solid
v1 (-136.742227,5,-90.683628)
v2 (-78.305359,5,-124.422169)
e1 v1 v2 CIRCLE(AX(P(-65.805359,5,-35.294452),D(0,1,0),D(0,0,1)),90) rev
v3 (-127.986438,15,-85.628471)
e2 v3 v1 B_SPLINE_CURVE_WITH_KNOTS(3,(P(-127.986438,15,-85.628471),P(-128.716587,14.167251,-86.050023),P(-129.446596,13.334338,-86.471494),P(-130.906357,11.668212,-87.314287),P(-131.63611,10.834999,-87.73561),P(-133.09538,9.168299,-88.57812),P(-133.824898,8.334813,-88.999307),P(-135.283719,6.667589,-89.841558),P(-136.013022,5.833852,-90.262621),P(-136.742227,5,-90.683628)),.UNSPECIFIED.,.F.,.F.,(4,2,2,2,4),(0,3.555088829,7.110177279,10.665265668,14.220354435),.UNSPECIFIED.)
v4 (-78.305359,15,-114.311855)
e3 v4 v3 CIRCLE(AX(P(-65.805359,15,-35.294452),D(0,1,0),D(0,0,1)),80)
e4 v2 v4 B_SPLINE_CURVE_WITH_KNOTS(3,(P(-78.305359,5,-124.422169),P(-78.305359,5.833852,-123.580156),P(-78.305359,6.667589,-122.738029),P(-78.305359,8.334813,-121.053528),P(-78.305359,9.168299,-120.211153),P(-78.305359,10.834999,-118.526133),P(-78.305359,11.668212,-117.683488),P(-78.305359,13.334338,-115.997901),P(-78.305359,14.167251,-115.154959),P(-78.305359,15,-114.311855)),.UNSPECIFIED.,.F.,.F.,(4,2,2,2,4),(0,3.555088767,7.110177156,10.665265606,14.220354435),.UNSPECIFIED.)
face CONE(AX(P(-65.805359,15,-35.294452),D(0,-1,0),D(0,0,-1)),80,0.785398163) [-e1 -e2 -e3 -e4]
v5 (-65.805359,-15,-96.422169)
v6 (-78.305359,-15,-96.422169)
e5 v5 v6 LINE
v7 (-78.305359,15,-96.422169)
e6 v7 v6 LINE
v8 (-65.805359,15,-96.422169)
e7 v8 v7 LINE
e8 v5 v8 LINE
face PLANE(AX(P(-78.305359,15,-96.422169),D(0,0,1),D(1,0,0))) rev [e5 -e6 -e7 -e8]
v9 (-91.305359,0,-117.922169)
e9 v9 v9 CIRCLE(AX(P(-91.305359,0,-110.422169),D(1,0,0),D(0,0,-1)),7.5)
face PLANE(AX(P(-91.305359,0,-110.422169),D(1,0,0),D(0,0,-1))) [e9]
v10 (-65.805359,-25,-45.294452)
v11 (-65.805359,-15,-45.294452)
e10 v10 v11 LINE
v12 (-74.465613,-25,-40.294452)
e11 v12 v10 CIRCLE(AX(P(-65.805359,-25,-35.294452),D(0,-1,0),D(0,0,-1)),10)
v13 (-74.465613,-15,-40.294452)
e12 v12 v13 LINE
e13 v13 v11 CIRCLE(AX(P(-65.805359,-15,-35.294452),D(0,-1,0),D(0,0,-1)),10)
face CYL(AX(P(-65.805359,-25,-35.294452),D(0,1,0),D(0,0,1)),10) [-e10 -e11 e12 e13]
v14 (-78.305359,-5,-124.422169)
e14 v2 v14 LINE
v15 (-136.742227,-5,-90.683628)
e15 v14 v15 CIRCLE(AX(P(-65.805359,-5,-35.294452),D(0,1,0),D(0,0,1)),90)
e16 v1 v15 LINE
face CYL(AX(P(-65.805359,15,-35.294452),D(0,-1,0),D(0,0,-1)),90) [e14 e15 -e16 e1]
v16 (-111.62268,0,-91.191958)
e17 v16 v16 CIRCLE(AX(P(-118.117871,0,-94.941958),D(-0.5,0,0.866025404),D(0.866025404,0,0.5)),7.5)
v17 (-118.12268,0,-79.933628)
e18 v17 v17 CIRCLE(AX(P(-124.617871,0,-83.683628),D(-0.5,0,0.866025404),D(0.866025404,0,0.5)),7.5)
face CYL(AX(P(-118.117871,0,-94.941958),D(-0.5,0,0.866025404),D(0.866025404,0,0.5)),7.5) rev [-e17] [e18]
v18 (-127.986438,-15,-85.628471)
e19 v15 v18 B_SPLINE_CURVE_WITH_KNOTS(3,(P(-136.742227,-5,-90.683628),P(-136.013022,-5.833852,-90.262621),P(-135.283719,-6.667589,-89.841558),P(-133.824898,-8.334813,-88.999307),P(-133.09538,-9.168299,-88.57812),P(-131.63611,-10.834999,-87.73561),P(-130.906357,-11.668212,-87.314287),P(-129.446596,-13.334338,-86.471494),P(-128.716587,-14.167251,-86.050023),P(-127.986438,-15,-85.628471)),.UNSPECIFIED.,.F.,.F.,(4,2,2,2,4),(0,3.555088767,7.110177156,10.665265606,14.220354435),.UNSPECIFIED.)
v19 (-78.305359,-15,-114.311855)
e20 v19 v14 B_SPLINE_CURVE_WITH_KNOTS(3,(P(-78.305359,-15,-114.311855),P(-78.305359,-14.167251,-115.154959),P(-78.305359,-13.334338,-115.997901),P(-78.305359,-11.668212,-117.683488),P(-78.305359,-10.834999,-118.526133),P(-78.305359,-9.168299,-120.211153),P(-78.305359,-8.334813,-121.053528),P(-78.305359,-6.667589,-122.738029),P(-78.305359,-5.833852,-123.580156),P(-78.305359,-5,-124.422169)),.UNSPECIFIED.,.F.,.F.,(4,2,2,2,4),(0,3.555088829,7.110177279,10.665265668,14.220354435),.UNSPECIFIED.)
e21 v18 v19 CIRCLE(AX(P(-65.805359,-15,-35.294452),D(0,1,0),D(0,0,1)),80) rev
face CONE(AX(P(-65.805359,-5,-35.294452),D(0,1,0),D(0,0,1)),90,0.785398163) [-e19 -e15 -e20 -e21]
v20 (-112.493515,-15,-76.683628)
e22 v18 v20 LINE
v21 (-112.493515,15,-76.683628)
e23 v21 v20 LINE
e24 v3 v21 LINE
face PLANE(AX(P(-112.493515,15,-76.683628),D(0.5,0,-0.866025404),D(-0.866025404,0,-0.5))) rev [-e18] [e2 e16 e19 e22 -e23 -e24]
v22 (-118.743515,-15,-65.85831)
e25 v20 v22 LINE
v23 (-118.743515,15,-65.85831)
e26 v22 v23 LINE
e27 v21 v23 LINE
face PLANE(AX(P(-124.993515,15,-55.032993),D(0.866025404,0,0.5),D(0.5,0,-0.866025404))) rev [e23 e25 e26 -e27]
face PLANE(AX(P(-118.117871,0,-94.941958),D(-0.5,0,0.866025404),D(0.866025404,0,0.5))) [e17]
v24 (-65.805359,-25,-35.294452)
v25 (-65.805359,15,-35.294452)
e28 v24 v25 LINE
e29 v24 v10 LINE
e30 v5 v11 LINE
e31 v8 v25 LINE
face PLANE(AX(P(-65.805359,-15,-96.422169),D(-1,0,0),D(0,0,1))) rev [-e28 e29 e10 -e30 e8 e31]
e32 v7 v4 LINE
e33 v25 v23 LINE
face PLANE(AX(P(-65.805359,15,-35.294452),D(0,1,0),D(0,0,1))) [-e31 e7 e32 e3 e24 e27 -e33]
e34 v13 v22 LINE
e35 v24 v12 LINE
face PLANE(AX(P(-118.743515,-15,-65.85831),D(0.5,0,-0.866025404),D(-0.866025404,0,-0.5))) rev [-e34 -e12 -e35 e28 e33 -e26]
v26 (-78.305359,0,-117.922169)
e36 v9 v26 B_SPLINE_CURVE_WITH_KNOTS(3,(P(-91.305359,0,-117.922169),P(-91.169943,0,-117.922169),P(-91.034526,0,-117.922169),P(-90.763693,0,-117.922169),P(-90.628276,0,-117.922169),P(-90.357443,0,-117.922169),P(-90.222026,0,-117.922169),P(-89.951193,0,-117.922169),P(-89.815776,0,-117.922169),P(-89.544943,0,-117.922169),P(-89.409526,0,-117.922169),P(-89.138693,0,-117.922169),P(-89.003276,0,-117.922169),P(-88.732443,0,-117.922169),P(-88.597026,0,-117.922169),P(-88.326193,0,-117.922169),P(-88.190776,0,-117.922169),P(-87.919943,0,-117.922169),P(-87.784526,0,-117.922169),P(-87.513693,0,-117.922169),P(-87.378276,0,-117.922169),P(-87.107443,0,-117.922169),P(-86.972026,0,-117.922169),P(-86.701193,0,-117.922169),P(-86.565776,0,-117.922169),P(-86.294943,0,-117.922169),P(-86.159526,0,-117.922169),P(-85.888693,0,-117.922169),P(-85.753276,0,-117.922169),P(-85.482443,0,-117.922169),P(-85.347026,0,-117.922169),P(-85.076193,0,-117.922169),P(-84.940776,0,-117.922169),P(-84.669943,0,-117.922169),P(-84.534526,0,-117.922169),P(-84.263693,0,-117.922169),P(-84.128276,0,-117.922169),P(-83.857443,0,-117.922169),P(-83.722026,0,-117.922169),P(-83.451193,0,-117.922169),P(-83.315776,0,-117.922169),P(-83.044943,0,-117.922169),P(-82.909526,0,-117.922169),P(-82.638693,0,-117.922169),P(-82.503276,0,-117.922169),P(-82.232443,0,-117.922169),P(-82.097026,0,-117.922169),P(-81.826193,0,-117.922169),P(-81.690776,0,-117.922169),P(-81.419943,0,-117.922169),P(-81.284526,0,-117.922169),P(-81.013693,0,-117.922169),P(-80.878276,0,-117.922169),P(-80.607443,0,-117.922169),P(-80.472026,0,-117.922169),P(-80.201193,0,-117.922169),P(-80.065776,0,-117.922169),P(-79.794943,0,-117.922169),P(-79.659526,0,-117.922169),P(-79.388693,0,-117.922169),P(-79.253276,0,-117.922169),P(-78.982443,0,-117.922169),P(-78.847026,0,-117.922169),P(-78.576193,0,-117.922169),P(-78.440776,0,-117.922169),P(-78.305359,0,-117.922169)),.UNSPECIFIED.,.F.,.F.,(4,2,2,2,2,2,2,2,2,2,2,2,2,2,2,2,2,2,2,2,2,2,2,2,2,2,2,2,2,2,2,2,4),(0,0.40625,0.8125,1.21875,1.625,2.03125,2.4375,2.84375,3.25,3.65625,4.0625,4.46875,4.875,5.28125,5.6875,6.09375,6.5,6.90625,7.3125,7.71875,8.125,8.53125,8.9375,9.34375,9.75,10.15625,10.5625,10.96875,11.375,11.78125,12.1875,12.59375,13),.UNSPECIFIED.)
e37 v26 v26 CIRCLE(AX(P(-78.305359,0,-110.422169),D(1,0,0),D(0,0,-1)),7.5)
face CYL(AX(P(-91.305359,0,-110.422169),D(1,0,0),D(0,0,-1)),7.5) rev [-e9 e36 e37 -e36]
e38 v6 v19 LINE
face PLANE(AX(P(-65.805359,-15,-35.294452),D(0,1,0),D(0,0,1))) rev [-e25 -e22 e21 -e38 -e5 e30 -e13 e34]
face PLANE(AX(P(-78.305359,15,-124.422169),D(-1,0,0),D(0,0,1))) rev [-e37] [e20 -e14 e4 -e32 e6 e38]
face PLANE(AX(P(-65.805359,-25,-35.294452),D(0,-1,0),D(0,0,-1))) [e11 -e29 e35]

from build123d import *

# Parameters (mm, degrees)
SALIENTE_EXTRUIR1_DEPTH = 15
CORTAR_EXTRUIR2_DEPTH   = 30
CROQUIS4_R              = 7.5
CORTAR_EXTRUIR3_DEPTH   = 13
CROQUIS5_R              = 7.5
CORTAR_EXTRUIR4_DEPTH   = 13
SALIENTE_EXTRUIR2_DEPTH = 10
CHAFL_N1_SIZE           = 10
CHAFL_N2_SIZE           = 10


with BuildPart() as part:
    # Croquis1 → Saliente-Extruir1 (new, symmetric)
    with BuildSketch(Plane(origin=(0, 0, 0), x_dir=(1, 0, 0), z_dir=(0, 1, 0))):
        with BuildLine():
            Line((-136.742226614, -20.094724465), (-112.493515308, -6.094724465))
            Line((-112.493515308, -6.094724465), (-118.743515308, 4.730593082))
            Line((-118.743515308, 4.730593082), (-124.993515308, 15.55591063))
            Line((-124.993515308, 15.55591063), (-149.242226614, 1.55591063))
            ThreePointArc((-149.242226614, 1.55591063), (-155.805359207, 35.294451757), (-149.242226614, 69.032992885))
            Line((-149.242226614, 69.032992885), (-124.993515308, 55.032992885))
            Line((-124.993515308, 55.032992885), (-118.743515308, 65.858310432))
            Line((-118.743515308, 65.858310432), (-112.493515308, 76.68362798))
            Line((-112.493515308, 76.68362798), (-136.742226614, 90.68362798))
            ThreePointArc((-136.742226614, 90.68362798), (-110.805359207, 113.236738098), (-78.305359207, 124.422169107))
            Line((-78.305359207, 124.422169107), (-78.305359207, 96.422169107))
            Line((-78.305359207, 96.422169107), (-65.805359207, 96.422169107))
            Line((-65.805359207, 96.422169107), (-53.305359207, 96.422169107))
            Line((-53.305359207, 96.422169107), (-53.305359207, 124.422169107))
            ThreePointArc((-53.305359207, 124.422169107), (-20.805359207, 113.236738098), (5.131508199, 90.68362798))
            Line((5.131508199, 90.68362798), (-19.117203107, 76.68362798))
            Line((-19.117203107, 76.68362798), (-6.617203107, 55.032992885))
            Line((-6.617203107, 55.032992885), (17.631508199, 69.032992885))
            ThreePointArc((17.631508199, 69.032992885), (24.194640793, 35.294451757), (17.631508199, 1.55591063))
            Line((17.631508199, 1.55591063), (-6.617203107, 15.55591063))
            Line((-6.617203107, 15.55591063), (-12.867203107, 4.730593082))
            Line((-12.867203107, 4.730593082), (-19.117203107, -6.094724465))
            Line((-19.117203107, -6.094724465), (5.131508199, -20.094724465))
            ThreePointArc((5.131508199, -20.094724465), (-20.805359207, -42.647834583), (-53.305359207, -53.833265593))
            Line((-53.305359207, -53.833265593), (-53.305359207, -25.833265593))
            Line((-53.305359207, -25.833265593), (-65.805359207, -25.833265593))
            Line((-65.805359207, -25.833265593), (-78.305359207, -25.833265593))
            Line((-78.305359207, -25.833265593), (-78.305359207, -53.833265593))
            ThreePointArc((-78.305359207, -53.833265593), (-110.805359207, -42.647834583), (-136.742226614, -20.094724465))
        make_face()
    extrude(amount=SALIENTE_EXTRUIR1_DEPTH, both=True)

    # Croquis3 → Cortar-Extruir2 (cut)
    with BuildSketch(Plane(origin=(0, 15, 0), x_dir=(1, 0, 0), z_dir=(0, 1, 0))):
        with BuildLine():
            Line((-65.805359207, 96.422169107), (-65.805359207, 35.294451757))
            Line((-65.805359207, 35.294451757), (-118.743515308, 65.858310432))
            Line((-118.743515308, 65.858310432), (-112.493515308, 76.68362798))
            Line((-112.493515308, 76.68362798), (-136.742226614, 90.68362798))
            ThreePointArc((-136.742226614, 90.68362798), (-20.805359207, -42.647834583), (-78.305359207, 124.422169107))
            Line((-78.305359207, 124.422169107), (-78.305359207, 96.422169107))
            Line((-78.305359207, 96.422169107), (-65.805359207, 96.422169107))
        make_face()
    extrude(amount=-CORTAR_EXTRUIR2_DEPTH, mode=Mode.SUBTRACT)

    # Croquis4 → Cortar-Extruir3 (cut)
    with BuildSketch(Plane(origin=(-78.305359207, 0, 0), x_dir=(0, 0, -1), z_dir=(1, 0, 0))):
        with Locations((110.422169107, 0)):
            Circle(CROQUIS4_R)
    extrude(amount=-CORTAR_EXTRUIR3_DEPTH, mode=Mode.SUBTRACT)

    # Croquis5 → Cortar-Extruir4 (cut)
    with BuildSketch(Plane(origin=(5.081606115, 0, -8.801599976), x_dir=(0.8660254037844403, 0, 0.4999999999999971), z_dir=(-0.49999999999999717, 0, 0.8660254037844404))):
        with Locations((-149.764056007, 0)):
            Circle(CROQUIS5_R)
    extrude(amount=-CORTAR_EXTRUIR4_DEPTH, mode=Mode.SUBTRACT)

    # Croquis6 → Saliente-Extruir2 (add)
    with BuildSketch(Plane.XZ.offset(15)):
        with BuildLine():
            Line((-65.805359207, -35.294451757), (-74.465613245, -40.294451757))
            ThreePointArc((-74.465613245, -40.294451757), (-70.805359207, -43.954705795), (-65.805359207, -45.294451757))
            Line((-65.805359207, -45.294451757), (-65.805359207, -35.294451757))
        make_face()
    extrude(amount=SALIENTE_EXTRUIR2_DEPTH)

    # Chaflán1
    chafl_n1_edges = [part.edges().sort_by_distance(p)[0] for p in [
        (-110.805359207, -15, -113.236738098),
    ]]
    chamfer(chafl_n1_edges, length=CHAFL_N1_SIZE)

    # Chaflán2
    chafl_n2_edges = [part.edges().sort_by_distance(p)[0] for p in [
        (-110.805359207, 15, -113.236738098),
    ]]
    chamfer(chafl_n2_edges, length=CHAFL_N2_SIZE)


solid = part.part
